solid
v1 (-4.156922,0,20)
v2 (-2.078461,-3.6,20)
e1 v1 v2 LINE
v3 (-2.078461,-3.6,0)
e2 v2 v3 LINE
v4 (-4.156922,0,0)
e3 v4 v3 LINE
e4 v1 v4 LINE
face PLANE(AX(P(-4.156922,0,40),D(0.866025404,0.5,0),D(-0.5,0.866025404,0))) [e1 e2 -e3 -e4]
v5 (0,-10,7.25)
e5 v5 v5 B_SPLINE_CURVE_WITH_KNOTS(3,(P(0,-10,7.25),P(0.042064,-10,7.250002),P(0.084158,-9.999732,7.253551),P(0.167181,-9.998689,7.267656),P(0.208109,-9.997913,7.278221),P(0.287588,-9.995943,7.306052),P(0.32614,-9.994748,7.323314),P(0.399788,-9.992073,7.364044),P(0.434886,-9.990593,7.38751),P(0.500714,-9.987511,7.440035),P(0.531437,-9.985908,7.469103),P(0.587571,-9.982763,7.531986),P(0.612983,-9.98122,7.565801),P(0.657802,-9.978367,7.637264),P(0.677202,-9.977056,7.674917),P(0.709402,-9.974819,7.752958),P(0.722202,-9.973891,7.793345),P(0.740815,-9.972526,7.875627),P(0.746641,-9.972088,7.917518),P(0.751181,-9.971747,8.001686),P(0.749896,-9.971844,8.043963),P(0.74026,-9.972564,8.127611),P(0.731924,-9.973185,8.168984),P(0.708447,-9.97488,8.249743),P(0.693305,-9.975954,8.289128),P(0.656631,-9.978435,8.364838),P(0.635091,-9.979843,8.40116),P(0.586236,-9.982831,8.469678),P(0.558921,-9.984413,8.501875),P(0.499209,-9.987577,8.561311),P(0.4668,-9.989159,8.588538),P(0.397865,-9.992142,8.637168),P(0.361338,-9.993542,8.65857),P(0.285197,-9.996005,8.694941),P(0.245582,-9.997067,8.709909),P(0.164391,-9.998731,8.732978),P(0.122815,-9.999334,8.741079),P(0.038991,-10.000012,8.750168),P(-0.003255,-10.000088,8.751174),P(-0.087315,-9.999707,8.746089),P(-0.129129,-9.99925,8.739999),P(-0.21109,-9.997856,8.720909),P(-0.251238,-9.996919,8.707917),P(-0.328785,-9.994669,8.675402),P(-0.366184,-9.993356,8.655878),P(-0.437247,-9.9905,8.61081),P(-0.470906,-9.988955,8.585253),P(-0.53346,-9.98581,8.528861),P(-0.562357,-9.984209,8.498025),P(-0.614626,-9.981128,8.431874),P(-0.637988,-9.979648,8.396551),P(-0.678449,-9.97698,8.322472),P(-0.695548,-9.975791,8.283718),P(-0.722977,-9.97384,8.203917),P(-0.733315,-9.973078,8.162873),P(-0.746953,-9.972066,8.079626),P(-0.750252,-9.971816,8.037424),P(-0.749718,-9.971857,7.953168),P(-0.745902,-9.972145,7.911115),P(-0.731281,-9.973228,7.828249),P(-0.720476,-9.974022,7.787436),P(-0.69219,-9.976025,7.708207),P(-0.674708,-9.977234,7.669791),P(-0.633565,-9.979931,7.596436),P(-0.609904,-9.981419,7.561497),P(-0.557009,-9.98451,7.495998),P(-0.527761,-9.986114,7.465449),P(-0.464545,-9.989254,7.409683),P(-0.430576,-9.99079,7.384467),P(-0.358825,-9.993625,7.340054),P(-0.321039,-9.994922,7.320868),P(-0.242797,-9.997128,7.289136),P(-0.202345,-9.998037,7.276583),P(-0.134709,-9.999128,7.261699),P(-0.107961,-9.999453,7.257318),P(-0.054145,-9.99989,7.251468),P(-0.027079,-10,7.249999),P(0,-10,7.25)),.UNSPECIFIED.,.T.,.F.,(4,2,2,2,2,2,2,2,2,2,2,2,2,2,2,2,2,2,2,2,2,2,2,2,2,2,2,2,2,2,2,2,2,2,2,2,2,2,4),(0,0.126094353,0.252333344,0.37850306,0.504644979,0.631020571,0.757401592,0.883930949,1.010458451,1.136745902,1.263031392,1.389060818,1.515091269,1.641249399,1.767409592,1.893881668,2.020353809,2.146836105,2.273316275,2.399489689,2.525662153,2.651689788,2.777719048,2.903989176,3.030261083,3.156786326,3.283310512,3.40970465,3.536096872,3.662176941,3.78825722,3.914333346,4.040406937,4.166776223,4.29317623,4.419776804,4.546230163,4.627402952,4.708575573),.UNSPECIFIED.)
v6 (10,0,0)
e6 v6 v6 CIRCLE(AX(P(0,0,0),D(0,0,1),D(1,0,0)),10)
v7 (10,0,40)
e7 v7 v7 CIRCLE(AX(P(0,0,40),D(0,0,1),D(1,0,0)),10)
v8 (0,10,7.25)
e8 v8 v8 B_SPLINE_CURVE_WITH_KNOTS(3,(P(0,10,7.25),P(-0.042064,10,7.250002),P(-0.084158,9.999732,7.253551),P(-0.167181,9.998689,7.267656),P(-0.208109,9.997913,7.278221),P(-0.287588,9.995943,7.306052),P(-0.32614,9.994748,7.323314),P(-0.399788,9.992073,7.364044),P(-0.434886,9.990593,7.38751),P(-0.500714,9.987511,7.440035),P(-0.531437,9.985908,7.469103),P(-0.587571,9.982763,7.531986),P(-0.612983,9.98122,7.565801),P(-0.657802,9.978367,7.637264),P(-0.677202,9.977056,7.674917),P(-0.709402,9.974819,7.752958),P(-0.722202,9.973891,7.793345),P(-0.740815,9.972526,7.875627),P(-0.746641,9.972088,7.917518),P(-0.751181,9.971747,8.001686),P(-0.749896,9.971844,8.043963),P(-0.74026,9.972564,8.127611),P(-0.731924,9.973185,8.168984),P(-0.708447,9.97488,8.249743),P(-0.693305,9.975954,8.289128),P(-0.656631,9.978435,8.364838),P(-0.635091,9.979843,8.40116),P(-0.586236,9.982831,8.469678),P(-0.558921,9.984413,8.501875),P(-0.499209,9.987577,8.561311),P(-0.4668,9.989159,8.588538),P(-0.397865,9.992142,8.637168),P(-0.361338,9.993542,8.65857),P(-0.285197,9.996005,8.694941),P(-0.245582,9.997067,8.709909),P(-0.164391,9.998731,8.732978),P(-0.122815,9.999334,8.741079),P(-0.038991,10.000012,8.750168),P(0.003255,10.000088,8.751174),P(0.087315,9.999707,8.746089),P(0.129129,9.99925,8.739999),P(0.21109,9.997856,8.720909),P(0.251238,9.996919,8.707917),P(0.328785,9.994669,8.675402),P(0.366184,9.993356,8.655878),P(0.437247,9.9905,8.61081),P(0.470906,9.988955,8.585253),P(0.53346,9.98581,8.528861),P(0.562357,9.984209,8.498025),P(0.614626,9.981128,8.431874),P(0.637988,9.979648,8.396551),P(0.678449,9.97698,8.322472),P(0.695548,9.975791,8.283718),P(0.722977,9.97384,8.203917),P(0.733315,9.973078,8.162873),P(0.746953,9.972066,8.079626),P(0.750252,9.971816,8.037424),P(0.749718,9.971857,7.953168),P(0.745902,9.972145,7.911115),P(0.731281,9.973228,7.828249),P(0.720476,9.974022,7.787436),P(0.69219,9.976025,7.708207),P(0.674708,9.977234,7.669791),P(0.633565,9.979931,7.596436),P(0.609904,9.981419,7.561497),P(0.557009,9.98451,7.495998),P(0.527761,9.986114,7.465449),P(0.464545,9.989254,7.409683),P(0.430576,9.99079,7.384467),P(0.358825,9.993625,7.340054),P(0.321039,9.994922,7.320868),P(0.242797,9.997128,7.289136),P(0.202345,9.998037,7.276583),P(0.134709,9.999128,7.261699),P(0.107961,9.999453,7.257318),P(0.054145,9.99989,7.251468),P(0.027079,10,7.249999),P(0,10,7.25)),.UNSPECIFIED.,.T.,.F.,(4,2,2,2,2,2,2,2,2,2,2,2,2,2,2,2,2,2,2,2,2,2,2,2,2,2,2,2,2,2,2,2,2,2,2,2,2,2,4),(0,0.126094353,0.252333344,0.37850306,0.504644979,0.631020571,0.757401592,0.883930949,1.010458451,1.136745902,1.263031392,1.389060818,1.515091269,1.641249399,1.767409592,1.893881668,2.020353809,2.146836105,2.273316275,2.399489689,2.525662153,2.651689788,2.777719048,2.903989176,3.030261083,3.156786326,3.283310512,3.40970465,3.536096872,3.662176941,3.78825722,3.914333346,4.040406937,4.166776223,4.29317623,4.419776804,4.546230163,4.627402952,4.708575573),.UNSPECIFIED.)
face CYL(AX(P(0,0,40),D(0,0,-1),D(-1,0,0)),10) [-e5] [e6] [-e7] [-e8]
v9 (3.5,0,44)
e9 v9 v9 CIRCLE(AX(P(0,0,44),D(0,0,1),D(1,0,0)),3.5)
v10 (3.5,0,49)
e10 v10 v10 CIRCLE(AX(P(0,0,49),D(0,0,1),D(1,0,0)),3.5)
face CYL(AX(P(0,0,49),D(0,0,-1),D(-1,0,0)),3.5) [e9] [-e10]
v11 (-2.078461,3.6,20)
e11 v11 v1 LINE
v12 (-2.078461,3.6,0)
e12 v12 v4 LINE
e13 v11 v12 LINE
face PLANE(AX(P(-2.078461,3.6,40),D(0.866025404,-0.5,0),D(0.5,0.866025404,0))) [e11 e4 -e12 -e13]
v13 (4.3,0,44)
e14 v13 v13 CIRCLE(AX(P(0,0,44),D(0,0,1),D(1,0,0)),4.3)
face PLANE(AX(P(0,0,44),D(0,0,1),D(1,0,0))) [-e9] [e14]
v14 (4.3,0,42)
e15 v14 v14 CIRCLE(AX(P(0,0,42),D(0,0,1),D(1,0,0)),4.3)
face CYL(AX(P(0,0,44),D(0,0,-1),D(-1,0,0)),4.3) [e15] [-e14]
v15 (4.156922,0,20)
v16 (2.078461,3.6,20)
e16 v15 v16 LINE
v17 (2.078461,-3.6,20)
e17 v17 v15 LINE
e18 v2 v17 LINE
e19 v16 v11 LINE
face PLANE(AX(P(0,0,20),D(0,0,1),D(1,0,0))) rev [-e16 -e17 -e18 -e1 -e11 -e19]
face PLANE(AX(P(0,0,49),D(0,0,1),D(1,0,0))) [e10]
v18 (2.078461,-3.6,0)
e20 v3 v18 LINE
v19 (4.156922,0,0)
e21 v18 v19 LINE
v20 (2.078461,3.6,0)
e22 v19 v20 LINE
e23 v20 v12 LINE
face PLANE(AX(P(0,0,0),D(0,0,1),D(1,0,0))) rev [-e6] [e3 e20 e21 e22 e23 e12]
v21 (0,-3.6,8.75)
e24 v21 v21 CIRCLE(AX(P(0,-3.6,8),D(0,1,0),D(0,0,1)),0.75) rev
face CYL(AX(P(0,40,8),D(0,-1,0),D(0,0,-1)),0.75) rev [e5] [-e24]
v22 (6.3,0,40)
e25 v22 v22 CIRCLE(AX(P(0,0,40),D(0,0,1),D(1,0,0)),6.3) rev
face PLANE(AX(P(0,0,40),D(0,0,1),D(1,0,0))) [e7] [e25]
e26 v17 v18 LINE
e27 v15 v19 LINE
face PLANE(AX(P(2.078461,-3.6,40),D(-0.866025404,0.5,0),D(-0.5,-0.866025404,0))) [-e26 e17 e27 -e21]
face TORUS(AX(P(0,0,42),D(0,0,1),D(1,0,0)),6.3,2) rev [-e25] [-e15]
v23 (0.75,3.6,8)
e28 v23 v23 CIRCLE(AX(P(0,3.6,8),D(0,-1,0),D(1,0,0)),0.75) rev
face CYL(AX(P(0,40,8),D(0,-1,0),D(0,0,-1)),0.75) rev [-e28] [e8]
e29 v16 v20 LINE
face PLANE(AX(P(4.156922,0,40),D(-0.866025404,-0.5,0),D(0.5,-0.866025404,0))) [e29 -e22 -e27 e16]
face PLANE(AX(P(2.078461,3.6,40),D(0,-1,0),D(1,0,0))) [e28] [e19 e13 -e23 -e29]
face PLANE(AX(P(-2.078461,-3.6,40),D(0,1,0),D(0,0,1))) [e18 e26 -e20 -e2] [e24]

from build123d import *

# Parameters (mm, degrees)
ESQUISSE1_R                  = 10
BOSS_EXTRU_1_DEPTH           = 40
ESQUISSE2_R                  = 0.75
ENL_V_MAT_EXTRU_1_DEPTH      = 40
ENL_V_MAT_EXTRU_1_DEPTH_BACK = 40
ESQUISSE3_R                  = 5.241374435
BOSS_EXTRU_2_DEPTH           = 20
ESQUISSE4_R                  = 3.5
BOSS_EXTRU_3_DEPTH           = 9
ESQUISSE5_R                  = 4.3
BOSS_EXTRU_4_DEPTH           = 4
CONG_2_R                     = 2


with BuildPart() as part:
    # Esquisse1 → Boss.-Extru.1 (new body)
    with BuildSketch(Plane.XY):
        Circle(ESQUISSE1_R)
        Polygon((4.156921938, 0), (2.078460969, 3.6), (-2.078460969, 3.6), (-4.156921938, 0), (-2.078460969, -3.6), (2.078460969, -3.6), align=None, mode=Mode.SUBTRACT)
    extrude(amount=BOSS_EXTRU_1_DEPTH)

    # Esquisse2 → Enlèv. mat.-Extru.1 (cut, two sides)
    with BuildSketch(Plane(origin=(0, 0, 0), x_dir=(1, 0, 0), z_dir=(0, 1, 0))) as enl_v_mat_extru_1_sk:
        with Locations((0, -8)):
            Circle(ESQUISSE2_R)
    extrude(amount=ENL_V_MAT_EXTRU_1_DEPTH, mode=Mode.SUBTRACT)
    extrude(enl_v_mat_extru_1_sk.sketch, amount=-ENL_V_MAT_EXTRU_1_DEPTH_BACK, mode=Mode.SUBTRACT)

    # Esquisse3 → Boss.-Extru.2 (add)
    with BuildSketch(Plane.XY.offset(40)):
        Circle(ESQUISSE3_R)
    extrude(amount=-BOSS_EXTRU_2_DEPTH)

    # Esquisse4 → Boss.-Extru.3 (add)
    with BuildSketch(Plane.XY.offset(40)):
        Circle(ESQUISSE4_R)
    extrude(amount=BOSS_EXTRU_3_DEPTH)

    # Esquisse5 → Boss.-Extru.4 (add)
    with BuildSketch(Plane.XY.offset(40)):
        Circle(ESQUISSE5_R)
    extrude(amount=BOSS_EXTRU_4_DEPTH)

    # Congé2
    cong_2_edges = [part.edges().sort_by_distance(p)[0] for p in [
        (-4.3, 0, 40),
    ]]
    fillet(cong_2_edges, radius=CONG_2_R)


solid = part.part
